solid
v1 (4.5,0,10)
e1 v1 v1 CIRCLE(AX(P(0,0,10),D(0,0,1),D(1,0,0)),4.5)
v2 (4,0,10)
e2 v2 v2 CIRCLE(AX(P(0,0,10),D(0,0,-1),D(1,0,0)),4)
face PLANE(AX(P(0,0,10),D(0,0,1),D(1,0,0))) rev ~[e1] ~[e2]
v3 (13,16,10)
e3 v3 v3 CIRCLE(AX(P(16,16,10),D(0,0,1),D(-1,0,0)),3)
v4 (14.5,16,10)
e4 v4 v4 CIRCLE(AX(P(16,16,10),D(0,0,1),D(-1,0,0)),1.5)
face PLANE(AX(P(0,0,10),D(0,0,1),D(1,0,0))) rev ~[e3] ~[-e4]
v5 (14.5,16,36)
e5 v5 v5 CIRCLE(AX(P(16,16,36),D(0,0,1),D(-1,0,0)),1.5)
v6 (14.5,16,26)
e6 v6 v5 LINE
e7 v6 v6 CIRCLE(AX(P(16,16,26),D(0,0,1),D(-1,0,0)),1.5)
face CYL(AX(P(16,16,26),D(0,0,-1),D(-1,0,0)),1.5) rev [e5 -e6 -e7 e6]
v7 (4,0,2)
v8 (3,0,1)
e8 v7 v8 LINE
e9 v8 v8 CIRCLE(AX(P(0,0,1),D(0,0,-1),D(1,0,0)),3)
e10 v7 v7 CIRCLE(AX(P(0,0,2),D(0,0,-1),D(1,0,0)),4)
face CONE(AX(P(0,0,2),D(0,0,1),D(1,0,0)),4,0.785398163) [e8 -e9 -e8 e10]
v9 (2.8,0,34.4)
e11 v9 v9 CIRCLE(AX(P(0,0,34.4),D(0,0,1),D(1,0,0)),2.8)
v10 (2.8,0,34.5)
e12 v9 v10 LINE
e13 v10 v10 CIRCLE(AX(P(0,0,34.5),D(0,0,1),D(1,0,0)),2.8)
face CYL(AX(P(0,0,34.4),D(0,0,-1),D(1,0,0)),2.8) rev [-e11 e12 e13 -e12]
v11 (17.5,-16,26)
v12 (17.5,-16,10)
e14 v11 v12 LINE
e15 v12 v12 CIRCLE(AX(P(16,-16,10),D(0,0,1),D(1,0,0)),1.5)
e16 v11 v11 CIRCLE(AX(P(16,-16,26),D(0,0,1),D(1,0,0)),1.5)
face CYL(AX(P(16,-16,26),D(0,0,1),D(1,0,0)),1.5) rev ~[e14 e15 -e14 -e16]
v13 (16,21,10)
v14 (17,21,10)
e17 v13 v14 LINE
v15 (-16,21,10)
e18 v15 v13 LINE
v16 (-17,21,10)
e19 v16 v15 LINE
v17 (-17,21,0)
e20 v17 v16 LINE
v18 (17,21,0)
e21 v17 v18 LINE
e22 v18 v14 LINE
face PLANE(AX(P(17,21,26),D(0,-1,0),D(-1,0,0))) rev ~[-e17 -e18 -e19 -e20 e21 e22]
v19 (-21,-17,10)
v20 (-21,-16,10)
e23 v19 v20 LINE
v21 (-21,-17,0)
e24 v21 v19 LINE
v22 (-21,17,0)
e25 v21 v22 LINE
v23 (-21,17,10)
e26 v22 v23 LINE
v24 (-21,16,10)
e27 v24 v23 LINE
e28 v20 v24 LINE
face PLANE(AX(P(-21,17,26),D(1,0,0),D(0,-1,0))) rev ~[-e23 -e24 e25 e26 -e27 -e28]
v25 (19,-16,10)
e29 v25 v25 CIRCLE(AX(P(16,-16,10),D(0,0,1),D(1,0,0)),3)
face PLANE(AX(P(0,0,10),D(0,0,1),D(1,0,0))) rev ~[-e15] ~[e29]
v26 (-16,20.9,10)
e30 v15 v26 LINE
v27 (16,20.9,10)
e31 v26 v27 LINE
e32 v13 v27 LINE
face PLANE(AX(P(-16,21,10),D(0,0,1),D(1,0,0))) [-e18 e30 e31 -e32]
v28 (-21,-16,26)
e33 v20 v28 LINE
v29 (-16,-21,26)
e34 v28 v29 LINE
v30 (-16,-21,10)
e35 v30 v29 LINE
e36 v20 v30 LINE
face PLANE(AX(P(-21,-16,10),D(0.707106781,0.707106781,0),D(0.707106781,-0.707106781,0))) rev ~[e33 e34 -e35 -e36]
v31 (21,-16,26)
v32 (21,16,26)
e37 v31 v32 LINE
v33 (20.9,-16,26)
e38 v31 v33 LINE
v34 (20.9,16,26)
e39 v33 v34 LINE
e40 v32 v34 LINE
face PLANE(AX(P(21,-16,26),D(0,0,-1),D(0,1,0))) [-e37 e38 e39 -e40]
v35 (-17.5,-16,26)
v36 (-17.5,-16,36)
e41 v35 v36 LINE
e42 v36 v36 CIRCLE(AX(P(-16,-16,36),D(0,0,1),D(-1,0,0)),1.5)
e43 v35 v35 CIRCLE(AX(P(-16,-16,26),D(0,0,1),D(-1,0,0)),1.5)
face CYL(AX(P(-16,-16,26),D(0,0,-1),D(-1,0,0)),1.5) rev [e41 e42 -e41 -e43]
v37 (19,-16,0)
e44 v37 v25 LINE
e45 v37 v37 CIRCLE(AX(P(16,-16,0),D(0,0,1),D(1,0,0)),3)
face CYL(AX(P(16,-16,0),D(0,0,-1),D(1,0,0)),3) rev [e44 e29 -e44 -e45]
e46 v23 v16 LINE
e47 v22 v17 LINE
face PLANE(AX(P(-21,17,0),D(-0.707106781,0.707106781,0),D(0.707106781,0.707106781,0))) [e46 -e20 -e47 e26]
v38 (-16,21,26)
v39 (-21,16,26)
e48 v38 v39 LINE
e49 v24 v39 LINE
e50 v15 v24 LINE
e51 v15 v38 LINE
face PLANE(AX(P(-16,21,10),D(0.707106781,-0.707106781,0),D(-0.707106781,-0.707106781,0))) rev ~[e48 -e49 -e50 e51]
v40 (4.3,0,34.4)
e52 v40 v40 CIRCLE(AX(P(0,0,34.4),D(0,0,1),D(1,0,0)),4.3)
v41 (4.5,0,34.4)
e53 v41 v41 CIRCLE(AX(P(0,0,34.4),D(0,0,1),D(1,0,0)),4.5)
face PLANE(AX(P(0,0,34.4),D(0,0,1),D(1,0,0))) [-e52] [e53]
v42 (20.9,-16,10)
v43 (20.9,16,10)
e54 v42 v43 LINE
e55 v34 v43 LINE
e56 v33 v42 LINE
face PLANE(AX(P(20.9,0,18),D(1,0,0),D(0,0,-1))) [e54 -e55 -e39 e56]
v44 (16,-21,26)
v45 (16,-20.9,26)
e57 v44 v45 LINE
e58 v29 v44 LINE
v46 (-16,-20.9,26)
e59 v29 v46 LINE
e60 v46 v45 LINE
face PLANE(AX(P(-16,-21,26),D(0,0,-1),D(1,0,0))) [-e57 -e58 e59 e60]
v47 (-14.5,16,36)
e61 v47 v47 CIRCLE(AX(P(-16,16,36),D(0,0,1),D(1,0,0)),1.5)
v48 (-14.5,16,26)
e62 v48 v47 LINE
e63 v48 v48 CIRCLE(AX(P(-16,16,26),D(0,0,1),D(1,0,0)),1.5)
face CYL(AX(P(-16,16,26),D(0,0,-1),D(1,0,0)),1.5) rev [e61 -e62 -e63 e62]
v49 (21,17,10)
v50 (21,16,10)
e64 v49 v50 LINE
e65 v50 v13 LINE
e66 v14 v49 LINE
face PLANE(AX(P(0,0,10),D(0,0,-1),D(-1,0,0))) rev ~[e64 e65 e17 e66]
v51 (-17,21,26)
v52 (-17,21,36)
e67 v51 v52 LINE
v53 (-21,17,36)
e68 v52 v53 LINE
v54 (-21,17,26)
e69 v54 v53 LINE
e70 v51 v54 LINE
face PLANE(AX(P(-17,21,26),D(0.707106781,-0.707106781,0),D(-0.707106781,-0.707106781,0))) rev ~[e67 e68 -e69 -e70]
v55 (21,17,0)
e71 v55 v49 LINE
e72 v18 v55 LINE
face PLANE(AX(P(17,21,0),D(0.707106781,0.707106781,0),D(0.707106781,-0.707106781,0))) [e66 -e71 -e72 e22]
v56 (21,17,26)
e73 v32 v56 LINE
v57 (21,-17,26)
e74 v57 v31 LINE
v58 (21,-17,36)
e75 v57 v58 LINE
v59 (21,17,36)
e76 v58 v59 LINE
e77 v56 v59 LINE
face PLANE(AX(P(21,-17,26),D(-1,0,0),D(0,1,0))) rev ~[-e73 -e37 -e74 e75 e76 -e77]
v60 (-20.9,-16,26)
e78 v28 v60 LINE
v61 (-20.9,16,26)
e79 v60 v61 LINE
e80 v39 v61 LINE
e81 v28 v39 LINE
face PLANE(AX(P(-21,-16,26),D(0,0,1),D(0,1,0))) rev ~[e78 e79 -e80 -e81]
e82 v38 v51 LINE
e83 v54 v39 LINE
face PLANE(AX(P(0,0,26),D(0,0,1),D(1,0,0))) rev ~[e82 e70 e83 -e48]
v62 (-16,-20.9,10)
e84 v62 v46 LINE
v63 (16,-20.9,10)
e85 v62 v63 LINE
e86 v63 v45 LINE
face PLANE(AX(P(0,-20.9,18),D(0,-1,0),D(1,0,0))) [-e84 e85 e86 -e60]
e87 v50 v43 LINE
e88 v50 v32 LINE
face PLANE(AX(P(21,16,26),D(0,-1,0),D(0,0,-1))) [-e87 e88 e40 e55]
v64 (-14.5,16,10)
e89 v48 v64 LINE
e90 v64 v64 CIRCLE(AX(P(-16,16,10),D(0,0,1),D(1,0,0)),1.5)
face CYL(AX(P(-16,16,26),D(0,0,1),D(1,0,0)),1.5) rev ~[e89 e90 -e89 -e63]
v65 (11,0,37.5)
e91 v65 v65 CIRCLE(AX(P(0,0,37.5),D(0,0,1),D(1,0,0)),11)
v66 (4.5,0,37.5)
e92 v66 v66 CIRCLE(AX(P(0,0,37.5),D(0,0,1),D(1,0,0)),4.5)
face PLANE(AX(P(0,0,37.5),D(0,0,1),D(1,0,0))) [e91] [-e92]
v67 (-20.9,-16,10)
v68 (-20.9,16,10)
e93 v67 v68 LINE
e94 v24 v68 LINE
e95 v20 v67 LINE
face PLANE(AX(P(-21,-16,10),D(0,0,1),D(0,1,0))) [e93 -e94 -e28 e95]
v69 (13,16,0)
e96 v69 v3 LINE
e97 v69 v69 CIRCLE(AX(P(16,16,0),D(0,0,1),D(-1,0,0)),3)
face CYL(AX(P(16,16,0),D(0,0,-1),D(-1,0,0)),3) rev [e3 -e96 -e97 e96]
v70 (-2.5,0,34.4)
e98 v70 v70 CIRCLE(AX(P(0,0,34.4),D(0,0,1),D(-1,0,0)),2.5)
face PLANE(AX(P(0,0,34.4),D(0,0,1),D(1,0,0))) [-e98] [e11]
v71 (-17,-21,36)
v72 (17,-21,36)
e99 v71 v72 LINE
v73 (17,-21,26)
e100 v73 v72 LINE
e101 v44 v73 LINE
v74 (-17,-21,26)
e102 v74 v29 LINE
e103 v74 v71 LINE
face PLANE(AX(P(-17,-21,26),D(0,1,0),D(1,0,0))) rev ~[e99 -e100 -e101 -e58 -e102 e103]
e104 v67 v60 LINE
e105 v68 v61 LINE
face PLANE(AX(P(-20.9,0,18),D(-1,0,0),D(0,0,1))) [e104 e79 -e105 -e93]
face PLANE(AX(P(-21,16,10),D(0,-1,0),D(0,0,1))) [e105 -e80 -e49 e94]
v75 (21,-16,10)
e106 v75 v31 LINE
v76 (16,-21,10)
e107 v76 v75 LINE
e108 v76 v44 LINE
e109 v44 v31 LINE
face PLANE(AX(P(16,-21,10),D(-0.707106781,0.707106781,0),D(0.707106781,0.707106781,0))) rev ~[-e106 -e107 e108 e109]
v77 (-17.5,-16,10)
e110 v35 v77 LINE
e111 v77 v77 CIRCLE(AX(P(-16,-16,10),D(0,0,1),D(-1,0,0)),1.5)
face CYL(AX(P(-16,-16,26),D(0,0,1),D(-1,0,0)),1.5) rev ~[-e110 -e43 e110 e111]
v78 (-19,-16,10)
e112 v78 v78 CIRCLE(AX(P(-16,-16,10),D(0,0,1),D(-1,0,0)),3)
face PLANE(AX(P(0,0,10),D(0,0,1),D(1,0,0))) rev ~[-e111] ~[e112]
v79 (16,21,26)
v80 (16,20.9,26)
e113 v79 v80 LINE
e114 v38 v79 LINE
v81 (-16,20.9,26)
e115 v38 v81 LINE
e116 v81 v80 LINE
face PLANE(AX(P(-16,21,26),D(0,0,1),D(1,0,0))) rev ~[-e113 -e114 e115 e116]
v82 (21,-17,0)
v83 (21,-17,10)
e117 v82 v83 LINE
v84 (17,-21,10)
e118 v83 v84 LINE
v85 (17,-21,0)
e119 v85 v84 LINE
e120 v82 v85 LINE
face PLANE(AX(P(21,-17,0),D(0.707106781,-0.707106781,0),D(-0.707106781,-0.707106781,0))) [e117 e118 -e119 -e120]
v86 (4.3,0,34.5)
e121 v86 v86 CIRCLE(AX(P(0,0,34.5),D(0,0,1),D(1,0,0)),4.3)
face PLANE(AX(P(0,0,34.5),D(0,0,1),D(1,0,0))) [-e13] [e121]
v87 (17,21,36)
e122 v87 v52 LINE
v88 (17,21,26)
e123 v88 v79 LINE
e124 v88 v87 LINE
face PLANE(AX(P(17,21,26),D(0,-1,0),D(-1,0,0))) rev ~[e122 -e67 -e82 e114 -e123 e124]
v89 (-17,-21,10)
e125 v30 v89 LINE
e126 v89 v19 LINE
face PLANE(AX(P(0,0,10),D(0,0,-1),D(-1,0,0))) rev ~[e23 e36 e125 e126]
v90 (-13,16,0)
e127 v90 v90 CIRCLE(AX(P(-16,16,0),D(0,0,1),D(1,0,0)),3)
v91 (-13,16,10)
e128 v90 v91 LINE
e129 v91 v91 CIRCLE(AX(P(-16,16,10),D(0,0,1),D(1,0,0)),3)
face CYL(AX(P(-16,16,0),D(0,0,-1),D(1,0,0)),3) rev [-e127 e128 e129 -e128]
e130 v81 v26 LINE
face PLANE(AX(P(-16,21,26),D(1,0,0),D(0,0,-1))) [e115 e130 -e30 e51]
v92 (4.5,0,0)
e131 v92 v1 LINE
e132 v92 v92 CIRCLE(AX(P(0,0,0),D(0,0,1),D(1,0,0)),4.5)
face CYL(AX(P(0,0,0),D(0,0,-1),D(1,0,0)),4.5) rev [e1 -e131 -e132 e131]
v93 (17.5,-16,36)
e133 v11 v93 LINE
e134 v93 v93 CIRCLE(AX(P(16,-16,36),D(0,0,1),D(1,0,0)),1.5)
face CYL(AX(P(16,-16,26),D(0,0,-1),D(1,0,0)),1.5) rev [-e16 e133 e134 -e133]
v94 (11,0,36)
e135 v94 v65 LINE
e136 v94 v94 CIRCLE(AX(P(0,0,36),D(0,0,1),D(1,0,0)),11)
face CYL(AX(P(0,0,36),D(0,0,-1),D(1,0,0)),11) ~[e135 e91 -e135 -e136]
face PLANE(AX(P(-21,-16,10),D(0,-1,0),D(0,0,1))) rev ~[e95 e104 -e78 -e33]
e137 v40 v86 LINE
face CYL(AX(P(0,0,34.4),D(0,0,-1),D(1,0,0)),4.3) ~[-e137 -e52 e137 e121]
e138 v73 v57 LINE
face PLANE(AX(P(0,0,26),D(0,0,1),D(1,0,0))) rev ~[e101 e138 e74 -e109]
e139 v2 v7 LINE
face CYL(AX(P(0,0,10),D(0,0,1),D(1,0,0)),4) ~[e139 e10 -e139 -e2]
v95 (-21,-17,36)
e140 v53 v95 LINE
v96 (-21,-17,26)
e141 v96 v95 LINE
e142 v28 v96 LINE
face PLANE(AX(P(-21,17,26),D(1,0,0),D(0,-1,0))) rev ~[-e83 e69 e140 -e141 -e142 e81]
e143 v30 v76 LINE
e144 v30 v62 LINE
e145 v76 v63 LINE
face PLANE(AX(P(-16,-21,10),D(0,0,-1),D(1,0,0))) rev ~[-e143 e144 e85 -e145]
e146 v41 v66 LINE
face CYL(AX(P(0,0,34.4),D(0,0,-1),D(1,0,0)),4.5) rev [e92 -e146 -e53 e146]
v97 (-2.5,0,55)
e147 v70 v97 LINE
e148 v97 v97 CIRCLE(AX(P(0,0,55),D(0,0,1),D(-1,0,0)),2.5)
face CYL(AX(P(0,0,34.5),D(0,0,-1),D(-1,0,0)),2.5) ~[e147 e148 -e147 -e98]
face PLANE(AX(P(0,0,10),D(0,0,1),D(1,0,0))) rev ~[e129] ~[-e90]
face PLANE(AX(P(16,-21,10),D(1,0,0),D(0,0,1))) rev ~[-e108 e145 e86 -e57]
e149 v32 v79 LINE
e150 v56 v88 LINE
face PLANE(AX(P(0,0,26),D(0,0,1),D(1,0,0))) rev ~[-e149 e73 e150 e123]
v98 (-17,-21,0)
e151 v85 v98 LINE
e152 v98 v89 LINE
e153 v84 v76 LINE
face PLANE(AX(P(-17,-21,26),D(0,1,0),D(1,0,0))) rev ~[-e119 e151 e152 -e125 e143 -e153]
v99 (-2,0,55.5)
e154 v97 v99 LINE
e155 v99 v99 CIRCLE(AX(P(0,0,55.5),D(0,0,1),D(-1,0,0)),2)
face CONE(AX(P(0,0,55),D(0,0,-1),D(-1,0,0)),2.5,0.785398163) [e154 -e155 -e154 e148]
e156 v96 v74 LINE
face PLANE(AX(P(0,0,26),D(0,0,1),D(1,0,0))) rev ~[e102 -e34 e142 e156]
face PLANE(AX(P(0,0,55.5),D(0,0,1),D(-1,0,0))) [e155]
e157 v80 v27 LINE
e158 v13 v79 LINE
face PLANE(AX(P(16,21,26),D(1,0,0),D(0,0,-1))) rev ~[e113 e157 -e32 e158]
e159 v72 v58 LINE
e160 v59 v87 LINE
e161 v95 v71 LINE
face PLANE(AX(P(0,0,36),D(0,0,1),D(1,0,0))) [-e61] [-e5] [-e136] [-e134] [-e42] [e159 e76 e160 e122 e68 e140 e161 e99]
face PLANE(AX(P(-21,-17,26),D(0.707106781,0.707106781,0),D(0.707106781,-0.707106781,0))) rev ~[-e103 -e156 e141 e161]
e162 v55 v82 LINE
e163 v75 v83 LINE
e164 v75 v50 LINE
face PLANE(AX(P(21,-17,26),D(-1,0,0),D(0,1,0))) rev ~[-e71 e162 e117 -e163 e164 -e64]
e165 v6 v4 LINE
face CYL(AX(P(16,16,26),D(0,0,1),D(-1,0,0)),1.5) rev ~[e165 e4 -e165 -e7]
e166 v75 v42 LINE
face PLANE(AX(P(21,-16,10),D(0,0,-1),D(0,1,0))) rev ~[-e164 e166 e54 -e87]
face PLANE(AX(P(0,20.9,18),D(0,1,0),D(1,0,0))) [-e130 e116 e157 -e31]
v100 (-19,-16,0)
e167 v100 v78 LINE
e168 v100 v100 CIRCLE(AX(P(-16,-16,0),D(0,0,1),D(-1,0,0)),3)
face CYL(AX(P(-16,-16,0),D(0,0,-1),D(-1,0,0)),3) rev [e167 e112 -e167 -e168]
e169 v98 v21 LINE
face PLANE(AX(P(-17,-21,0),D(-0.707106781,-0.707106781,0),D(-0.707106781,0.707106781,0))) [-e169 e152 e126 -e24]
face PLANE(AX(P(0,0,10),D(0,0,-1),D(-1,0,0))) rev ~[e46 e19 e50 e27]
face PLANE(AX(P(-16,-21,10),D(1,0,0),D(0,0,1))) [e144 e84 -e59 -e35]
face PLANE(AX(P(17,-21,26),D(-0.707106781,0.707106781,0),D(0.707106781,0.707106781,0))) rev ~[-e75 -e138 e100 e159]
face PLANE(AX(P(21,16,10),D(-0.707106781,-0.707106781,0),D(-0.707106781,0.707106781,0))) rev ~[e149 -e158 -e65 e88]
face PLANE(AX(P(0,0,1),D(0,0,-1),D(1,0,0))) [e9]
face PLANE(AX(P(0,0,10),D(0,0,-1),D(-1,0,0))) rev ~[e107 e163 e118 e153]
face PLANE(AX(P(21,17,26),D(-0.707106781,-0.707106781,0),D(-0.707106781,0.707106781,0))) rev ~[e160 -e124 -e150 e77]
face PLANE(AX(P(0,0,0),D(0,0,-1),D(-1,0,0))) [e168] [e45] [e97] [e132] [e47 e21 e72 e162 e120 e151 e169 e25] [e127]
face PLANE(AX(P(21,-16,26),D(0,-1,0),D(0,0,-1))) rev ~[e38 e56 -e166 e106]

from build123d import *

# Parameters (mm, degrees)
SKETCH_1_R          = 4.5
SKETCH_1_R_2        = 3
EXTRUDE_1_DEPTH     = 10
EXTRUDE_2_DEPTH     = 16
SKETCH_3_R          = 1.5
EXTRUDE_3_DEPTH     = 10
SKETCH_5_W          = 16
SKETCH_5_H          = 32
CUT_EXTRUDE_1_DEPTH = 0.1
SKETCH_6_W          = 32
SKETCH_6_H          = 16
CUT_EXTRUDE_2_DEPTH = 0.1
SKETCH_7_W          = 16
SKETCH_7_H          = 32
CUT_EXTRUDE_3_DEPTH = 0.1
SKETCH_8_W          = 32
SKETCH_8_H          = 16
CUT_EXTRUDE_4_DEPTH = 0.1
SKETCH_9_R          = 1.5
CUT_EXTRUDE_5_DEPTH = 40.471508712
SKETCH_10_R         = 11
EXTRUDE_4_DEPTH     = 1.5
CUT_EXTRUDE_START   = -3
SKETCH_11_R         = 4.5
CUT_EXTRUDE_6_DEPTH = 3
SKETCH_12_R         = 4
EXTRUDE_5_DEPTH     = 9
CHAMFER_1_SIZE      = 1
SKETCH_13_R         = 2.5
EXTRUDE_6_DEPTH     = 21
CUT_EXTRUDE_START_2 = -0.1
SKETCH_14_R         = 2.8
SKETCH_14_R_2       = 2.5
CUT_EXTRUDE_7_DEPTH = 0.1
SKETCH_15_R         = 4.5
SKETCH_15_R_2       = 4.3
CUT_EXTRUDE_8_DEPTH = 0.1
CHAMFER_2_SIZE      = 0.5


with BuildPart() as part:
    # 草图1 → 凸台-拉伸1 (new body)
    with BuildSketch(Plane.XY):
        Polygon((-21, 17), (-17, 21), (17, 21), (21, 17), (21, -17), (17, -21), (-17, -21), (-21, -17), align=None)
        Circle(SKETCH_1_R, mode=Mode.SUBTRACT)
        with Locations((-16, 16)):
            Circle(SKETCH_1_R_2, mode=Mode.SUBTRACT)
        with Locations(Location((16, 16, 0), (0, 0, 180))):
            Circle(SKETCH_1_R_2, mode=Mode.SUBTRACT)
        with Locations((16, -16)):
            Circle(SKETCH_1_R_2, mode=Mode.SUBTRACT)
        with Locations(Location((-16, -16, 0), (0, 0, 180))):
            Circle(SKETCH_1_R_2, mode=Mode.SUBTRACT)
    extrude(amount=EXTRUDE_1_DEPTH)

    # 草图2 → 凸台-拉伸2 (add)
    with BuildSketch(Plane.XY.offset(10)):
        Polygon((16, 21), (-16, 21), (-21, 16), (-21, -16), (-16, -21), (16, -21), (21, -16), (21, 16), align=None)
    extrude(amount=EXTRUDE_2_DEPTH)

    # 草图3 → 凸台-拉伸3 (add)
    with BuildSketch(Plane.XY.offset(26)):
        Polygon((-17, 21), (-21, 17), (-21, 16), (-21, -16), (-21, -17), (-17, -21), (-16, -21), (16, -21), (17, -21), (21, -17), (21, -16), (21, 16), (21, 17), (17, 21), (16, 21), (-16, 21), align=None)
        with Locations((-16, 16)):
            Circle(SKETCH_3_R, mode=Mode.SUBTRACT)
        with Locations(Location((16, 16, 0), (0, 0, 180))):
            Circle(SKETCH_3_R, mode=Mode.SUBTRACT)
        with Locations((16, -16)):
            Circle(SKETCH_3_R, mode=Mode.SUBTRACT)
        with Locations(Location((-16, -16, 0), (0, 0, 180))):
            Circle(SKETCH_3_R, mode=Mode.SUBTRACT)
    extrude(amount=EXTRUDE_3_DEPTH)

    # 草图5 → 切除-拉伸1 (cut)
    with BuildSketch(Plane.ZY.offset(21)):
        with Locations((18, 0)):
            Rectangle(SKETCH_5_W, SKETCH_5_H)
    extrude(amount=-CUT_EXTRUDE_1_DEPTH, mode=Mode.SUBTRACT)

    # 草图6 → 切除-拉伸2 (cut)
    with BuildSketch(Plane(origin=(0, 21, 0), x_dir=(1, 0, 0), z_dir=(0, 1, 0))):
        with Locations((0, -18)):
            Rectangle(SKETCH_6_W, SKETCH_6_H)
    extrude(amount=-CUT_EXTRUDE_2_DEPTH, mode=Mode.SUBTRACT)

    # 草图7 → 切除-拉伸3 (cut)
    with BuildSketch(Plane(origin=(21, 0, 0), x_dir=(0, 0, -1), z_dir=(1, 0, 0))):
        with Locations((-18, 0)):
            Rectangle(SKETCH_7_W, SKETCH_7_H)
    extrude(amount=-CUT_EXTRUDE_3_DEPTH, mode=Mode.SUBTRACT)

    # 草图8 → 切除-拉伸4 (cut)
    with BuildSketch(Plane.XZ.offset(21)):
        with Locations((0, 18)):
            Rectangle(SKETCH_8_W, SKETCH_8_H)
    extrude(amount=-CUT_EXTRUDE_4_DEPTH, mode=Mode.SUBTRACT)

    # 草图9 → 切除-拉伸5 (cut, through all)
    with BuildSketch(Plane.XY.offset(26)):
        with Locations(Location((-16, -16, 0), (0, 0, 180))):
            Circle(SKETCH_9_R)
        with Locations((-16, 16)):
            Circle(SKETCH_9_R)
        with Locations(Location((16, 16, 0), (0, 0, 180))):
            Circle(SKETCH_9_R)
        with Locations((16, -16)):
            Circle(SKETCH_9_R)
    extrude(amount=-CUT_EXTRUDE_5_DEPTH, mode=Mode.SUBTRACT)

    # 草图10 → 凸台-拉伸4 (add)
    with BuildSketch(Plane.XY.offset(36)):
        Circle(SKETCH_10_R)
    extrude(amount=EXTRUDE_4_DEPTH)

    # 草图11 → 切除-拉伸6 (cut)
    with BuildSketch(Plane.XY.offset(37.5).offset(CUT_EXTRUDE_START)):
        Circle(SKETCH_11_R)
    extrude(amount=CUT_EXTRUDE_6_DEPTH, mode=Mode.SUBTRACT)

    # 草图12 → 凸台-拉伸5 (add)
    with BuildSketch(Plane(origin=(0, 0, 10), x_dir=(-1, 0, 0), z_dir=(0, 0, -1))):
        with Locations(Location((0, 0, 0), (0, 0, 180))):
            Circle(SKETCH_12_R)
    extrude(amount=EXTRUDE_5_DEPTH)

    # 倒角1
    chamfer_1_edges = [part.edges().sort_by_distance(p)[0] for p in [
        (-4, 0, 1),
    ]]
    chamfer(chamfer_1_edges, length=CHAMFER_1_SIZE)

    # 草图13 → 凸台-拉伸6 (add)
    with BuildSketch(Plane.XY.offset(34.5)):
        with Locations(Location((0, 0, 0), (0, 0, 180))):
            Circle(SKETCH_13_R)
    extrude(amount=EXTRUDE_6_DEPTH)

    # 草图14 → 切除-拉伸7 (cut)
    with BuildSketch(Plane.XY.offset(34.5).offset(CUT_EXTRUDE_START_2)):
        Circle(SKETCH_14_R)
        with Locations(Location((0, 0, 0), (0, 0, 180))):
            Circle(SKETCH_14_R_2, mode=Mode.SUBTRACT)
    extrude(amount=CUT_EXTRUDE_7_DEPTH, mode=Mode.SUBTRACT)

    # 草图15 → 切除-拉伸8 (cut)
    with BuildSketch(Plane.XY.offset(34.5).offset(CUT_EXTRUDE_START_2)):
        Circle(SKETCH_15_R)
        Circle(SKETCH_15_R_2, mode=Mode.SUBTRACT)
    extrude(amount=CUT_EXTRUDE_8_DEPTH, mode=Mode.SUBTRACT)

    # 倒角2
    chamfer_2_edges = [part.edges().sort_by_distance(p)[0] for p in [
        (2.5, 0, 55.5),
    ]]
    chamfer(chamfer_2_edges, length=CHAMFER_2_SIZE)


solid = part.part
